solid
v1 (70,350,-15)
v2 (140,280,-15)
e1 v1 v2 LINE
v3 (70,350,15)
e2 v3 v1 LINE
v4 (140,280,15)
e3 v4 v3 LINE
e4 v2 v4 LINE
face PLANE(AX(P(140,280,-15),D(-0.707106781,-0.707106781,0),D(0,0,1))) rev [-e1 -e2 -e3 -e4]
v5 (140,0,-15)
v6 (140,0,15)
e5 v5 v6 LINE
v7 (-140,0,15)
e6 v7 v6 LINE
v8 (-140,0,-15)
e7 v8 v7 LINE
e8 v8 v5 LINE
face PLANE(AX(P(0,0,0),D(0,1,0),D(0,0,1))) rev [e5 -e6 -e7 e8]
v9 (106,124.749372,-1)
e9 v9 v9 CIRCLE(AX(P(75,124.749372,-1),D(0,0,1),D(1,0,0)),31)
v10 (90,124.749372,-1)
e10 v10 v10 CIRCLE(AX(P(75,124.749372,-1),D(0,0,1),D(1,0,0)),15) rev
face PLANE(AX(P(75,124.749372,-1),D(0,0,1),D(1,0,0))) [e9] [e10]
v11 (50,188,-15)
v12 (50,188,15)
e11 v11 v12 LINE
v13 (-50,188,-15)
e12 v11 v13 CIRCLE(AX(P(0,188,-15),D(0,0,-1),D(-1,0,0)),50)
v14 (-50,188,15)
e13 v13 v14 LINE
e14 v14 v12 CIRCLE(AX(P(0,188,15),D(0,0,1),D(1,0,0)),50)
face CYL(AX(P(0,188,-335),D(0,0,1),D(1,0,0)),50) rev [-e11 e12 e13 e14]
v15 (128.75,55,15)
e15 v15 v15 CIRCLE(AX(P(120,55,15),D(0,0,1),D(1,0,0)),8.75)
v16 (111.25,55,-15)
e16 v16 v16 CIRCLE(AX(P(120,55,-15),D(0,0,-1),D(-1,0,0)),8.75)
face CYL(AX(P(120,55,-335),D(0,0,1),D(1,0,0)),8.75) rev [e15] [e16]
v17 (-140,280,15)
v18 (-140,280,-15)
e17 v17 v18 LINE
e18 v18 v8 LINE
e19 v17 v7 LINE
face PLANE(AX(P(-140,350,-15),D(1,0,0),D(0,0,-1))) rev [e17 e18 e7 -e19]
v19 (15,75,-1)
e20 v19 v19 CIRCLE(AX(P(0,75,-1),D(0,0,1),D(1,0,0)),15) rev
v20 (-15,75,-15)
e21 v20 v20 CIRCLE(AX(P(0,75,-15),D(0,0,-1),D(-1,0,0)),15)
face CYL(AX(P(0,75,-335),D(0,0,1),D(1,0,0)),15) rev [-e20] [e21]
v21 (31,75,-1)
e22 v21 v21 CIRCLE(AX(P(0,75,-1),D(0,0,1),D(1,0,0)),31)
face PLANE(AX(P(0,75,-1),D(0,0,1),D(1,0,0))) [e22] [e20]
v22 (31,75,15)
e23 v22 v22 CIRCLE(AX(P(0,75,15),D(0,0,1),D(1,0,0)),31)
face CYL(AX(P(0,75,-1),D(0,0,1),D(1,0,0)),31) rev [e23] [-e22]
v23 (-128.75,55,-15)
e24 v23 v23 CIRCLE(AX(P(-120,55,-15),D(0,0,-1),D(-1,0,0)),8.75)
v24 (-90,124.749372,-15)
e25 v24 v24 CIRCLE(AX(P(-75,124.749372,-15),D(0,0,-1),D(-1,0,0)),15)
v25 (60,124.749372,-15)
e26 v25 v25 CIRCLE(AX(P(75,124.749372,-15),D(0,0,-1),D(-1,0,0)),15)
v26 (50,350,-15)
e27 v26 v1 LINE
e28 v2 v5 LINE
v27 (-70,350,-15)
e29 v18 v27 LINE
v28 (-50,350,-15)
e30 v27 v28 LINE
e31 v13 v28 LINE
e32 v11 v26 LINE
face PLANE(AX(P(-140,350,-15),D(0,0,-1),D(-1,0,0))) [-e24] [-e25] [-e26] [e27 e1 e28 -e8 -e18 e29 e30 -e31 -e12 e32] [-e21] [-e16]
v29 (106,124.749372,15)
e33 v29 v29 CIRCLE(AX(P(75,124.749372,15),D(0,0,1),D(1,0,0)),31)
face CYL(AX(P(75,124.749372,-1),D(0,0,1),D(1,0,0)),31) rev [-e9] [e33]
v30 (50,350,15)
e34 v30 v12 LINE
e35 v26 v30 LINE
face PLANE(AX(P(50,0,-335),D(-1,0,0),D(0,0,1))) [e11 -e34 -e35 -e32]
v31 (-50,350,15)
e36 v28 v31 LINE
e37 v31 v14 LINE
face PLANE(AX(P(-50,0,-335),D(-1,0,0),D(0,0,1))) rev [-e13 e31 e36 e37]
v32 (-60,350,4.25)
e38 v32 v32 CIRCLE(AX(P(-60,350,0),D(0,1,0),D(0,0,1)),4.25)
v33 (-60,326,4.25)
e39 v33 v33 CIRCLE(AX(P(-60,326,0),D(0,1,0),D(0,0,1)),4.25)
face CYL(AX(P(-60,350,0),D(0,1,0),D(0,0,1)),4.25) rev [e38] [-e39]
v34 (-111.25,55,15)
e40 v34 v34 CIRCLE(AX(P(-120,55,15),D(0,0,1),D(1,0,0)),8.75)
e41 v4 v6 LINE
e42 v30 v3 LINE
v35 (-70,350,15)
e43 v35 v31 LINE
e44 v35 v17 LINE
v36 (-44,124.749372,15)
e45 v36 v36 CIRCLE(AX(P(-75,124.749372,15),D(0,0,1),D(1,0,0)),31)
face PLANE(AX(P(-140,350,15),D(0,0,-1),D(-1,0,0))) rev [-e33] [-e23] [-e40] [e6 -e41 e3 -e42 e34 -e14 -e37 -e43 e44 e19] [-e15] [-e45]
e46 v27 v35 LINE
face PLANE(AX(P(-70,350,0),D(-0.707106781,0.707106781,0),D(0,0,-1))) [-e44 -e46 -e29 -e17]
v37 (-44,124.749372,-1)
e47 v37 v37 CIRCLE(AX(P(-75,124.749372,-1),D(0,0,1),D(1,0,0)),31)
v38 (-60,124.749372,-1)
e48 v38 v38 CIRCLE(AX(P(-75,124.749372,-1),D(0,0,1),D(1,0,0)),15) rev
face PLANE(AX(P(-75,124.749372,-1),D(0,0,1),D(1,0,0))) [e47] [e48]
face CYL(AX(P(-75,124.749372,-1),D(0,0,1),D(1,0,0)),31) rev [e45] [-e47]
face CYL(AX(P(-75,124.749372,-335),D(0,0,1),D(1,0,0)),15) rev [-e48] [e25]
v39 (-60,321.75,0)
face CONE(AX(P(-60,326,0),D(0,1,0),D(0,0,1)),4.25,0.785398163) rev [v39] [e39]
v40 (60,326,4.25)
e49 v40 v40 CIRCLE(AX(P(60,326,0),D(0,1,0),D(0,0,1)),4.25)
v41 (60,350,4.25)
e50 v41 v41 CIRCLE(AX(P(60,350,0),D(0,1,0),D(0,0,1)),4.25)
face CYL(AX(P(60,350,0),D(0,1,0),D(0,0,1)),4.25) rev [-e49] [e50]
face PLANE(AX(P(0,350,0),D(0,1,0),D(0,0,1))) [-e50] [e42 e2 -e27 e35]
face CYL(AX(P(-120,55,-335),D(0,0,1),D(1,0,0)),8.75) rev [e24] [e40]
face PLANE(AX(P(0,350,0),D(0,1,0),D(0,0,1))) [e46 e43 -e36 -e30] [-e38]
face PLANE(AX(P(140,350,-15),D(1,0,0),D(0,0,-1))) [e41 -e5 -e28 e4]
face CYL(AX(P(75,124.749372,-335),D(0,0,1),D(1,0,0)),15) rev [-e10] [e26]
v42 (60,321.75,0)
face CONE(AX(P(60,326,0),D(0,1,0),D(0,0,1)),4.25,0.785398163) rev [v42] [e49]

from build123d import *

# Parameters (mm, degrees)
SKETCH2_W              = 280
SKETCH2_H              = 30
BOSS_EXTRUDE2_DEPTH    = 350
CUT_EXTRUDE1_DEPTH     = 350
CHAMFER1_SIZE          = 70
M10_TAPPED_HOLE1_D     = 8.5
M10_TAPPED_HOLE1_DEPTH = 24
M10_TAPPED_HOLE1_TIP   = 4.25
SKETCH8_R              = 8.75
CUT_EXTRUDE2_DEPTH     = 350
SKETCH9_R              = 15
CUT_EXTRUDE3_DEPTH     = 350
SKETCH10_R             = 31
CUT_EXTRUDE4_DEPTH     = 16


with BuildPart() as part:
    # Sketch2 → Boss-Extrude2 (new body)
    with BuildSketch(Plane(origin=(0, 0, 0), x_dir=(1, 0, 0), z_dir=(0, 1, 0))):
        Rectangle(SKETCH2_W, SKETCH2_H)
    extrude(amount=BOSS_EXTRUDE2_DEPTH)

    # Sketch4 → Cut-Extrude1 (cut)
    with BuildSketch(Plane.XY.offset(15)):
        with BuildLine():
            Line((50, 350), (0, 350))
            Line((0, 350), (0, 138))
            ThreePointArc((0, 138), (35.355339059, 152.644660941), (50, 188))
            Line((50, 188), (50, 350))
        make_face()
        with BuildLine():
            Line((0, 138), (0, 350))
            Line((0, 350), (-50, 350))
            Line((-50, 350), (-50, 188))
            ThreePointArc((-50, 188), (-35.355339059, 152.644660941), (0, 138))
        make_face()
        with BuildLine():
            ThreePointArc((50, 350), (35.355339059, 385.355339059), (0, 400))
            Line((0, 400), (0, 350))
            Line((0, 350), (50, 350))
        make_face()
        with BuildLine():
            Line((0, 350), (0, 400))
            ThreePointArc((0, 400), (-35.355339059, 385.355339059), (-50, 350))
            Line((-50, 350), (0, 350))
        make_face()
    extrude(amount=-CUT_EXTRUDE1_DEPTH, mode=Mode.SUBTRACT)

    # Chamfer1
    chamfer1_edges = [part.edges().sort_by_distance(p)[0] for p in [
        (140, 350, 0),
        (-140, 350, 0),
    ]]
    chamfer(chamfer1_edges, length=CHAMFER1_SIZE)

    # M10 Tapped Hole1
    with Locations(Plane(origin=(-60, 350, 0), x_dir=(0, 0, 1), z_dir=(0, 1, 0))):
        with Locations((0, 0), (0, 120)):
            Hole(M10_TAPPED_HOLE1_D / 2, depth=M10_TAPPED_HOLE1_DEPTH)
            with Locations((0, 0, -(M10_TAPPED_HOLE1_DEPTH + M10_TAPPED_HOLE1_TIP / 2))):  # 90° drill point
                Cone(0, M10_TAPPED_HOLE1_D / 2, M10_TAPPED_HOLE1_TIP, mode=Mode.SUBTRACT)

    # Sketch8 → Cut-Extrude2 (cut)
    with BuildSketch(Plane.XY.offset(15)):
        with Locations((-120, 55)):
            Circle(SKETCH8_R)
        with Locations((120, 55)):
            Circle(SKETCH8_R)
    extrude(amount=-CUT_EXTRUDE2_DEPTH, mode=Mode.SUBTRACT)

    # Sketch9 → Cut-Extrude3 (cut)
    with BuildSketch(Plane.XY.offset(15)):
        with Locations((-75, 124.749371855)):
            Circle(SKETCH9_R)
        with Locations((75, 124.749371855)):
            Circle(SKETCH9_R)
        with Locations((0, 75)):
            Circle(SKETCH9_R)
    extrude(amount=-CUT_EXTRUDE3_DEPTH, mode=Mode.SUBTRACT)

    # Sketch10 → Cut-Extrude4 (cut)
    with BuildSketch(Plane.XY.offset(15)):
        with Locations((-75, 124.749371855)):
            Circle(SKETCH10_R)
        with Locations((0, 75)):
            Circle(SKETCH10_R)
        with Locations((75, 124.749371855)):
            Circle(SKETCH10_R)
    extrude(amount=-CUT_EXTRUDE4_DEPTH, mode=Mode.SUBTRACT)


solid = part.part
